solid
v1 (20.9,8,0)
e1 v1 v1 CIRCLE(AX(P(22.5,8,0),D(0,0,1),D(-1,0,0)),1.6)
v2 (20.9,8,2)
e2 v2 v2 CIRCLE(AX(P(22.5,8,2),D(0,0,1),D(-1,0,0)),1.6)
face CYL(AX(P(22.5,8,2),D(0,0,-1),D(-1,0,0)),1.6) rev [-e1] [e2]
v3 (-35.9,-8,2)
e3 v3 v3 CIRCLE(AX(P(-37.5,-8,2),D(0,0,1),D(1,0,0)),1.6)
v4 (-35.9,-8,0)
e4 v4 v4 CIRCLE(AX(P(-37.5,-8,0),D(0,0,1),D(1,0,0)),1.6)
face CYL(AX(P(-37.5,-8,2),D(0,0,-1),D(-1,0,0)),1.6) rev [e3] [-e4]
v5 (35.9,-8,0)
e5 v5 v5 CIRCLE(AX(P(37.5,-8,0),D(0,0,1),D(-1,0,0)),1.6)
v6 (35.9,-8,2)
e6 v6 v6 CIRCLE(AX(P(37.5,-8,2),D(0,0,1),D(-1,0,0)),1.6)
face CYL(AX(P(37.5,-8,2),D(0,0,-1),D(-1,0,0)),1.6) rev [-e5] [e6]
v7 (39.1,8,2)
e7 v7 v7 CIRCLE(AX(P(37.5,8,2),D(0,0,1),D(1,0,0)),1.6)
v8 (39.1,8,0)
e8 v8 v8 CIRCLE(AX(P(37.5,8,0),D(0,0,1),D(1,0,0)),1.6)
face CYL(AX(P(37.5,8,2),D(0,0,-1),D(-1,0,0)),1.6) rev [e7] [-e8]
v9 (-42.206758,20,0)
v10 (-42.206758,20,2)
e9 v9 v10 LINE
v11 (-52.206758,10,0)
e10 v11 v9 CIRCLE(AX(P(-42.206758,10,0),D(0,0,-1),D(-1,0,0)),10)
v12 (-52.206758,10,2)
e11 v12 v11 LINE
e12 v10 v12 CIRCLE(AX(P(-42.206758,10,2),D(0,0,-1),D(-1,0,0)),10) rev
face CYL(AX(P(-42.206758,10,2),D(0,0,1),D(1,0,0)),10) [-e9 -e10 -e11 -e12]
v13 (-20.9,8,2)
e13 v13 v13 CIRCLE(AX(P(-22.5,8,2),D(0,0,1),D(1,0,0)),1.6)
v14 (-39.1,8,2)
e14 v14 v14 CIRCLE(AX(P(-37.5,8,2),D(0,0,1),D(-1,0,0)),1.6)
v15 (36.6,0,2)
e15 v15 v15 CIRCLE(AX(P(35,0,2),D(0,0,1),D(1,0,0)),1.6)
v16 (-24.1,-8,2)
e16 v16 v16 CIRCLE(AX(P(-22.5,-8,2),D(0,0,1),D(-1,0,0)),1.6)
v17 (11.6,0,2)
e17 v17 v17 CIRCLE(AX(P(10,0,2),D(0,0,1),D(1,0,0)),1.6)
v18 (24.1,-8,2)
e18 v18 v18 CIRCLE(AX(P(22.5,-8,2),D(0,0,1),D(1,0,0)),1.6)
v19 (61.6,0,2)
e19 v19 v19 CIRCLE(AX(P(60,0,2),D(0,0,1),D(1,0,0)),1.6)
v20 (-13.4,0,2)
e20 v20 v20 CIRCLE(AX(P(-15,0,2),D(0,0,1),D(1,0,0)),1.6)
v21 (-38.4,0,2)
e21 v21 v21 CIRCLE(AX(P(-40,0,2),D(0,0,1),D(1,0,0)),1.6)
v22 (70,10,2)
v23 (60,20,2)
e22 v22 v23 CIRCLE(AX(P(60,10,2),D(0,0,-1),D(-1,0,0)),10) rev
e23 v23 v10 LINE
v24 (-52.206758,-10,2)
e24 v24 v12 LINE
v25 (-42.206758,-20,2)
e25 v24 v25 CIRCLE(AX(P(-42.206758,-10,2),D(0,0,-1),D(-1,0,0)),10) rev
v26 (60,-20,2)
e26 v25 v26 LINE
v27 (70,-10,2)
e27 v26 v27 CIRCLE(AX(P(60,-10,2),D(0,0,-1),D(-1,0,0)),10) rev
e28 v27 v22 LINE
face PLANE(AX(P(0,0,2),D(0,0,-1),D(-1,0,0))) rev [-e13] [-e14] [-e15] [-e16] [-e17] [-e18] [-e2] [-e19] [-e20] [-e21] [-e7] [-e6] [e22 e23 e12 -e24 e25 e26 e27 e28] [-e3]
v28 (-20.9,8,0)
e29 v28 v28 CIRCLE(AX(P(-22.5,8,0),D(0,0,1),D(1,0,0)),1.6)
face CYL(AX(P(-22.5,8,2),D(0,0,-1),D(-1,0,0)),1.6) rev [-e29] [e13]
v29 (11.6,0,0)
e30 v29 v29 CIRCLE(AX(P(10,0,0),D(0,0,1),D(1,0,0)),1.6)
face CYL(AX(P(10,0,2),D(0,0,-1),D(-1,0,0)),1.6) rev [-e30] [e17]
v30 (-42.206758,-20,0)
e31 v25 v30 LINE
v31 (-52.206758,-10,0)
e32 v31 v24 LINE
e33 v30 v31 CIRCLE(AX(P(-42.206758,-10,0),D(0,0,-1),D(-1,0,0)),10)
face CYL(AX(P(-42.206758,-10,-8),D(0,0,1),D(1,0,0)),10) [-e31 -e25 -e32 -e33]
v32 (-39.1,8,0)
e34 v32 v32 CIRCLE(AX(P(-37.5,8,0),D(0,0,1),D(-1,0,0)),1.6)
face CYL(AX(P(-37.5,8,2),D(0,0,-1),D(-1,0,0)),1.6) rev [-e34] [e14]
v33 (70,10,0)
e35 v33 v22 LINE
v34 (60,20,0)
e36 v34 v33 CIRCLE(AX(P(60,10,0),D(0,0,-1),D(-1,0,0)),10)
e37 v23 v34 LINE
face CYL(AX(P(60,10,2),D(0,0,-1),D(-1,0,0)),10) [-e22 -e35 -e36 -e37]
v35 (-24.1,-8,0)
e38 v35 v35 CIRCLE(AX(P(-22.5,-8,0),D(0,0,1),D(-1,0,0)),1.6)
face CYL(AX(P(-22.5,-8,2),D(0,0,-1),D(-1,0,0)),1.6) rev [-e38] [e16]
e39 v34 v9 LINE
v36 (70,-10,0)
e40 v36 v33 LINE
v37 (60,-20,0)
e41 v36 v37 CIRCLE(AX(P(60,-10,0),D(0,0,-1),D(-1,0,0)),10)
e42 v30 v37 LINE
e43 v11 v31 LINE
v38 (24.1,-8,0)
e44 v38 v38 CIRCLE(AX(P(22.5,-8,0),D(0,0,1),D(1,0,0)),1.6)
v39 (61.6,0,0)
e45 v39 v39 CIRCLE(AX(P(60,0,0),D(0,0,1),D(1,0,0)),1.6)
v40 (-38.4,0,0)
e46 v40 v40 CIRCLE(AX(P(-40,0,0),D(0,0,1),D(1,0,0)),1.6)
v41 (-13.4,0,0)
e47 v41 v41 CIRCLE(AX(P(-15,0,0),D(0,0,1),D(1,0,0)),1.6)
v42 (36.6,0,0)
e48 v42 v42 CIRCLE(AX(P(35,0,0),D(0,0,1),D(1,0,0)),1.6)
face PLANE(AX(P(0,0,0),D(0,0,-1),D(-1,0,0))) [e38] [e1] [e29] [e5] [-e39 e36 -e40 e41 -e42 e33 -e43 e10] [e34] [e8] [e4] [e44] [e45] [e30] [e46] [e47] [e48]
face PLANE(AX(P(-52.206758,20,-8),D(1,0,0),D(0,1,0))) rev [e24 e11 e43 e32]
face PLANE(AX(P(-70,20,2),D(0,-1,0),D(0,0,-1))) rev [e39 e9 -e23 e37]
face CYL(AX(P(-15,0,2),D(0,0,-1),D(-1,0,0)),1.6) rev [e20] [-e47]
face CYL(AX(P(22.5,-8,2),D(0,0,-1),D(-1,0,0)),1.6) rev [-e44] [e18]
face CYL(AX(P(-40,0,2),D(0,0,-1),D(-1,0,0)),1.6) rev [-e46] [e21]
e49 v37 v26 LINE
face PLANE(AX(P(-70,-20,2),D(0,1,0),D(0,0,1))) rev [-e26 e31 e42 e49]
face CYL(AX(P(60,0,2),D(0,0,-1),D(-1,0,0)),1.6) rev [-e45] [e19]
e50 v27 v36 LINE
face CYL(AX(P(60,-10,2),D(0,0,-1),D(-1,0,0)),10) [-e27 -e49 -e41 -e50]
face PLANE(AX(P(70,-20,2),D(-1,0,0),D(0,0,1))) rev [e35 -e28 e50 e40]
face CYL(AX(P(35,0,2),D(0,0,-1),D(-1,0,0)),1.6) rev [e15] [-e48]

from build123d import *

# Parameters (mm, degrees)
SKETCH_1_W          = 140
SKETCH_1_H          = 40
SKETCH_1_R          = 1.6
EXTRUDE_1_DEPTH     = 2
FILLET_1_R          = 10
SKETCH_2_W          = 24.439336454
SKETCH_2_H          = 40
CUT_EXTRUDE_1_DEPTH = 10
FILLET_2_R          = 10


with BuildPart() as part:
    # 草图1 → 凸台-拉伸1 (new body)
    with BuildSketch(Plane.XY):
        Rectangle(SKETCH_1_W, SKETCH_1_H)
        with Locations((37.5, 8)):
            Circle(SKETCH_1_R, mode=Mode.SUBTRACT)
        with Locations((37.5, -8)):
            Circle(SKETCH_1_R, mode=Mode.SUBTRACT)
        with Locations((22.5, -8)):
            Circle(SKETCH_1_R, mode=Mode.SUBTRACT)
        with Locations((22.5, 8)):
            Circle(SKETCH_1_R, mode=Mode.SUBTRACT)
        with Locations((-22.5, -8)):
            Circle(SKETCH_1_R, mode=Mode.SUBTRACT)
        with Locations((-37.5, -8)):
            Circle(SKETCH_1_R, mode=Mode.SUBTRACT)
        with Locations((-22.5, 8)):
            Circle(SKETCH_1_R, mode=Mode.SUBTRACT)
        with Locations((-37.5, 8)):
            Circle(SKETCH_1_R, mode=Mode.SUBTRACT)
        with Locations((60, 0)):
            Circle(SKETCH_1_R, mode=Mode.SUBTRACT)
        with Locations((35, 0)):
            Circle(SKETCH_1_R, mode=Mode.SUBTRACT)
        with Locations((10, 0)):
            Circle(SKETCH_1_R, mode=Mode.SUBTRACT)
        with Locations((-15, 0)):
            Circle(SKETCH_1_R, mode=Mode.SUBTRACT)
        with Locations((-40, 0)):
            Circle(SKETCH_1_R, mode=Mode.SUBTRACT)
    extrude(amount=EXTRUDE_1_DEPTH)

    # 圆角1
    fillet_1_edges = [part.edges().sort_by_distance(p)[0] for p in [
        (70, -20, 1),
        (-70, -20, 1),
        (-70, 20, 1),
        (70, 20, 1),
    ]]
    fillet(fillet_1_edges, radius=FILLET_1_R)

    # 草图2 → 切除-拉伸1 (cut)
    with BuildSketch(Plane.XY.offset(2)):
        with Locations((-64.426426614, 0)):
            Rectangle(SKETCH_2_W, SKETCH_2_H)
    extrude(amount=-CUT_EXTRUDE_1_DEPTH, mode=Mode.SUBTRACT)

    # 圆角2
    fillet_2_edges = [part.edges().sort_by_distance(p)[0] for p in [
        (-52.206758387, 20, 1),
        (-52.206758387, -20, 1),
    ]]
    fillet(fillet_2_edges, radius=FILLET_2_R)


solid = part.part
